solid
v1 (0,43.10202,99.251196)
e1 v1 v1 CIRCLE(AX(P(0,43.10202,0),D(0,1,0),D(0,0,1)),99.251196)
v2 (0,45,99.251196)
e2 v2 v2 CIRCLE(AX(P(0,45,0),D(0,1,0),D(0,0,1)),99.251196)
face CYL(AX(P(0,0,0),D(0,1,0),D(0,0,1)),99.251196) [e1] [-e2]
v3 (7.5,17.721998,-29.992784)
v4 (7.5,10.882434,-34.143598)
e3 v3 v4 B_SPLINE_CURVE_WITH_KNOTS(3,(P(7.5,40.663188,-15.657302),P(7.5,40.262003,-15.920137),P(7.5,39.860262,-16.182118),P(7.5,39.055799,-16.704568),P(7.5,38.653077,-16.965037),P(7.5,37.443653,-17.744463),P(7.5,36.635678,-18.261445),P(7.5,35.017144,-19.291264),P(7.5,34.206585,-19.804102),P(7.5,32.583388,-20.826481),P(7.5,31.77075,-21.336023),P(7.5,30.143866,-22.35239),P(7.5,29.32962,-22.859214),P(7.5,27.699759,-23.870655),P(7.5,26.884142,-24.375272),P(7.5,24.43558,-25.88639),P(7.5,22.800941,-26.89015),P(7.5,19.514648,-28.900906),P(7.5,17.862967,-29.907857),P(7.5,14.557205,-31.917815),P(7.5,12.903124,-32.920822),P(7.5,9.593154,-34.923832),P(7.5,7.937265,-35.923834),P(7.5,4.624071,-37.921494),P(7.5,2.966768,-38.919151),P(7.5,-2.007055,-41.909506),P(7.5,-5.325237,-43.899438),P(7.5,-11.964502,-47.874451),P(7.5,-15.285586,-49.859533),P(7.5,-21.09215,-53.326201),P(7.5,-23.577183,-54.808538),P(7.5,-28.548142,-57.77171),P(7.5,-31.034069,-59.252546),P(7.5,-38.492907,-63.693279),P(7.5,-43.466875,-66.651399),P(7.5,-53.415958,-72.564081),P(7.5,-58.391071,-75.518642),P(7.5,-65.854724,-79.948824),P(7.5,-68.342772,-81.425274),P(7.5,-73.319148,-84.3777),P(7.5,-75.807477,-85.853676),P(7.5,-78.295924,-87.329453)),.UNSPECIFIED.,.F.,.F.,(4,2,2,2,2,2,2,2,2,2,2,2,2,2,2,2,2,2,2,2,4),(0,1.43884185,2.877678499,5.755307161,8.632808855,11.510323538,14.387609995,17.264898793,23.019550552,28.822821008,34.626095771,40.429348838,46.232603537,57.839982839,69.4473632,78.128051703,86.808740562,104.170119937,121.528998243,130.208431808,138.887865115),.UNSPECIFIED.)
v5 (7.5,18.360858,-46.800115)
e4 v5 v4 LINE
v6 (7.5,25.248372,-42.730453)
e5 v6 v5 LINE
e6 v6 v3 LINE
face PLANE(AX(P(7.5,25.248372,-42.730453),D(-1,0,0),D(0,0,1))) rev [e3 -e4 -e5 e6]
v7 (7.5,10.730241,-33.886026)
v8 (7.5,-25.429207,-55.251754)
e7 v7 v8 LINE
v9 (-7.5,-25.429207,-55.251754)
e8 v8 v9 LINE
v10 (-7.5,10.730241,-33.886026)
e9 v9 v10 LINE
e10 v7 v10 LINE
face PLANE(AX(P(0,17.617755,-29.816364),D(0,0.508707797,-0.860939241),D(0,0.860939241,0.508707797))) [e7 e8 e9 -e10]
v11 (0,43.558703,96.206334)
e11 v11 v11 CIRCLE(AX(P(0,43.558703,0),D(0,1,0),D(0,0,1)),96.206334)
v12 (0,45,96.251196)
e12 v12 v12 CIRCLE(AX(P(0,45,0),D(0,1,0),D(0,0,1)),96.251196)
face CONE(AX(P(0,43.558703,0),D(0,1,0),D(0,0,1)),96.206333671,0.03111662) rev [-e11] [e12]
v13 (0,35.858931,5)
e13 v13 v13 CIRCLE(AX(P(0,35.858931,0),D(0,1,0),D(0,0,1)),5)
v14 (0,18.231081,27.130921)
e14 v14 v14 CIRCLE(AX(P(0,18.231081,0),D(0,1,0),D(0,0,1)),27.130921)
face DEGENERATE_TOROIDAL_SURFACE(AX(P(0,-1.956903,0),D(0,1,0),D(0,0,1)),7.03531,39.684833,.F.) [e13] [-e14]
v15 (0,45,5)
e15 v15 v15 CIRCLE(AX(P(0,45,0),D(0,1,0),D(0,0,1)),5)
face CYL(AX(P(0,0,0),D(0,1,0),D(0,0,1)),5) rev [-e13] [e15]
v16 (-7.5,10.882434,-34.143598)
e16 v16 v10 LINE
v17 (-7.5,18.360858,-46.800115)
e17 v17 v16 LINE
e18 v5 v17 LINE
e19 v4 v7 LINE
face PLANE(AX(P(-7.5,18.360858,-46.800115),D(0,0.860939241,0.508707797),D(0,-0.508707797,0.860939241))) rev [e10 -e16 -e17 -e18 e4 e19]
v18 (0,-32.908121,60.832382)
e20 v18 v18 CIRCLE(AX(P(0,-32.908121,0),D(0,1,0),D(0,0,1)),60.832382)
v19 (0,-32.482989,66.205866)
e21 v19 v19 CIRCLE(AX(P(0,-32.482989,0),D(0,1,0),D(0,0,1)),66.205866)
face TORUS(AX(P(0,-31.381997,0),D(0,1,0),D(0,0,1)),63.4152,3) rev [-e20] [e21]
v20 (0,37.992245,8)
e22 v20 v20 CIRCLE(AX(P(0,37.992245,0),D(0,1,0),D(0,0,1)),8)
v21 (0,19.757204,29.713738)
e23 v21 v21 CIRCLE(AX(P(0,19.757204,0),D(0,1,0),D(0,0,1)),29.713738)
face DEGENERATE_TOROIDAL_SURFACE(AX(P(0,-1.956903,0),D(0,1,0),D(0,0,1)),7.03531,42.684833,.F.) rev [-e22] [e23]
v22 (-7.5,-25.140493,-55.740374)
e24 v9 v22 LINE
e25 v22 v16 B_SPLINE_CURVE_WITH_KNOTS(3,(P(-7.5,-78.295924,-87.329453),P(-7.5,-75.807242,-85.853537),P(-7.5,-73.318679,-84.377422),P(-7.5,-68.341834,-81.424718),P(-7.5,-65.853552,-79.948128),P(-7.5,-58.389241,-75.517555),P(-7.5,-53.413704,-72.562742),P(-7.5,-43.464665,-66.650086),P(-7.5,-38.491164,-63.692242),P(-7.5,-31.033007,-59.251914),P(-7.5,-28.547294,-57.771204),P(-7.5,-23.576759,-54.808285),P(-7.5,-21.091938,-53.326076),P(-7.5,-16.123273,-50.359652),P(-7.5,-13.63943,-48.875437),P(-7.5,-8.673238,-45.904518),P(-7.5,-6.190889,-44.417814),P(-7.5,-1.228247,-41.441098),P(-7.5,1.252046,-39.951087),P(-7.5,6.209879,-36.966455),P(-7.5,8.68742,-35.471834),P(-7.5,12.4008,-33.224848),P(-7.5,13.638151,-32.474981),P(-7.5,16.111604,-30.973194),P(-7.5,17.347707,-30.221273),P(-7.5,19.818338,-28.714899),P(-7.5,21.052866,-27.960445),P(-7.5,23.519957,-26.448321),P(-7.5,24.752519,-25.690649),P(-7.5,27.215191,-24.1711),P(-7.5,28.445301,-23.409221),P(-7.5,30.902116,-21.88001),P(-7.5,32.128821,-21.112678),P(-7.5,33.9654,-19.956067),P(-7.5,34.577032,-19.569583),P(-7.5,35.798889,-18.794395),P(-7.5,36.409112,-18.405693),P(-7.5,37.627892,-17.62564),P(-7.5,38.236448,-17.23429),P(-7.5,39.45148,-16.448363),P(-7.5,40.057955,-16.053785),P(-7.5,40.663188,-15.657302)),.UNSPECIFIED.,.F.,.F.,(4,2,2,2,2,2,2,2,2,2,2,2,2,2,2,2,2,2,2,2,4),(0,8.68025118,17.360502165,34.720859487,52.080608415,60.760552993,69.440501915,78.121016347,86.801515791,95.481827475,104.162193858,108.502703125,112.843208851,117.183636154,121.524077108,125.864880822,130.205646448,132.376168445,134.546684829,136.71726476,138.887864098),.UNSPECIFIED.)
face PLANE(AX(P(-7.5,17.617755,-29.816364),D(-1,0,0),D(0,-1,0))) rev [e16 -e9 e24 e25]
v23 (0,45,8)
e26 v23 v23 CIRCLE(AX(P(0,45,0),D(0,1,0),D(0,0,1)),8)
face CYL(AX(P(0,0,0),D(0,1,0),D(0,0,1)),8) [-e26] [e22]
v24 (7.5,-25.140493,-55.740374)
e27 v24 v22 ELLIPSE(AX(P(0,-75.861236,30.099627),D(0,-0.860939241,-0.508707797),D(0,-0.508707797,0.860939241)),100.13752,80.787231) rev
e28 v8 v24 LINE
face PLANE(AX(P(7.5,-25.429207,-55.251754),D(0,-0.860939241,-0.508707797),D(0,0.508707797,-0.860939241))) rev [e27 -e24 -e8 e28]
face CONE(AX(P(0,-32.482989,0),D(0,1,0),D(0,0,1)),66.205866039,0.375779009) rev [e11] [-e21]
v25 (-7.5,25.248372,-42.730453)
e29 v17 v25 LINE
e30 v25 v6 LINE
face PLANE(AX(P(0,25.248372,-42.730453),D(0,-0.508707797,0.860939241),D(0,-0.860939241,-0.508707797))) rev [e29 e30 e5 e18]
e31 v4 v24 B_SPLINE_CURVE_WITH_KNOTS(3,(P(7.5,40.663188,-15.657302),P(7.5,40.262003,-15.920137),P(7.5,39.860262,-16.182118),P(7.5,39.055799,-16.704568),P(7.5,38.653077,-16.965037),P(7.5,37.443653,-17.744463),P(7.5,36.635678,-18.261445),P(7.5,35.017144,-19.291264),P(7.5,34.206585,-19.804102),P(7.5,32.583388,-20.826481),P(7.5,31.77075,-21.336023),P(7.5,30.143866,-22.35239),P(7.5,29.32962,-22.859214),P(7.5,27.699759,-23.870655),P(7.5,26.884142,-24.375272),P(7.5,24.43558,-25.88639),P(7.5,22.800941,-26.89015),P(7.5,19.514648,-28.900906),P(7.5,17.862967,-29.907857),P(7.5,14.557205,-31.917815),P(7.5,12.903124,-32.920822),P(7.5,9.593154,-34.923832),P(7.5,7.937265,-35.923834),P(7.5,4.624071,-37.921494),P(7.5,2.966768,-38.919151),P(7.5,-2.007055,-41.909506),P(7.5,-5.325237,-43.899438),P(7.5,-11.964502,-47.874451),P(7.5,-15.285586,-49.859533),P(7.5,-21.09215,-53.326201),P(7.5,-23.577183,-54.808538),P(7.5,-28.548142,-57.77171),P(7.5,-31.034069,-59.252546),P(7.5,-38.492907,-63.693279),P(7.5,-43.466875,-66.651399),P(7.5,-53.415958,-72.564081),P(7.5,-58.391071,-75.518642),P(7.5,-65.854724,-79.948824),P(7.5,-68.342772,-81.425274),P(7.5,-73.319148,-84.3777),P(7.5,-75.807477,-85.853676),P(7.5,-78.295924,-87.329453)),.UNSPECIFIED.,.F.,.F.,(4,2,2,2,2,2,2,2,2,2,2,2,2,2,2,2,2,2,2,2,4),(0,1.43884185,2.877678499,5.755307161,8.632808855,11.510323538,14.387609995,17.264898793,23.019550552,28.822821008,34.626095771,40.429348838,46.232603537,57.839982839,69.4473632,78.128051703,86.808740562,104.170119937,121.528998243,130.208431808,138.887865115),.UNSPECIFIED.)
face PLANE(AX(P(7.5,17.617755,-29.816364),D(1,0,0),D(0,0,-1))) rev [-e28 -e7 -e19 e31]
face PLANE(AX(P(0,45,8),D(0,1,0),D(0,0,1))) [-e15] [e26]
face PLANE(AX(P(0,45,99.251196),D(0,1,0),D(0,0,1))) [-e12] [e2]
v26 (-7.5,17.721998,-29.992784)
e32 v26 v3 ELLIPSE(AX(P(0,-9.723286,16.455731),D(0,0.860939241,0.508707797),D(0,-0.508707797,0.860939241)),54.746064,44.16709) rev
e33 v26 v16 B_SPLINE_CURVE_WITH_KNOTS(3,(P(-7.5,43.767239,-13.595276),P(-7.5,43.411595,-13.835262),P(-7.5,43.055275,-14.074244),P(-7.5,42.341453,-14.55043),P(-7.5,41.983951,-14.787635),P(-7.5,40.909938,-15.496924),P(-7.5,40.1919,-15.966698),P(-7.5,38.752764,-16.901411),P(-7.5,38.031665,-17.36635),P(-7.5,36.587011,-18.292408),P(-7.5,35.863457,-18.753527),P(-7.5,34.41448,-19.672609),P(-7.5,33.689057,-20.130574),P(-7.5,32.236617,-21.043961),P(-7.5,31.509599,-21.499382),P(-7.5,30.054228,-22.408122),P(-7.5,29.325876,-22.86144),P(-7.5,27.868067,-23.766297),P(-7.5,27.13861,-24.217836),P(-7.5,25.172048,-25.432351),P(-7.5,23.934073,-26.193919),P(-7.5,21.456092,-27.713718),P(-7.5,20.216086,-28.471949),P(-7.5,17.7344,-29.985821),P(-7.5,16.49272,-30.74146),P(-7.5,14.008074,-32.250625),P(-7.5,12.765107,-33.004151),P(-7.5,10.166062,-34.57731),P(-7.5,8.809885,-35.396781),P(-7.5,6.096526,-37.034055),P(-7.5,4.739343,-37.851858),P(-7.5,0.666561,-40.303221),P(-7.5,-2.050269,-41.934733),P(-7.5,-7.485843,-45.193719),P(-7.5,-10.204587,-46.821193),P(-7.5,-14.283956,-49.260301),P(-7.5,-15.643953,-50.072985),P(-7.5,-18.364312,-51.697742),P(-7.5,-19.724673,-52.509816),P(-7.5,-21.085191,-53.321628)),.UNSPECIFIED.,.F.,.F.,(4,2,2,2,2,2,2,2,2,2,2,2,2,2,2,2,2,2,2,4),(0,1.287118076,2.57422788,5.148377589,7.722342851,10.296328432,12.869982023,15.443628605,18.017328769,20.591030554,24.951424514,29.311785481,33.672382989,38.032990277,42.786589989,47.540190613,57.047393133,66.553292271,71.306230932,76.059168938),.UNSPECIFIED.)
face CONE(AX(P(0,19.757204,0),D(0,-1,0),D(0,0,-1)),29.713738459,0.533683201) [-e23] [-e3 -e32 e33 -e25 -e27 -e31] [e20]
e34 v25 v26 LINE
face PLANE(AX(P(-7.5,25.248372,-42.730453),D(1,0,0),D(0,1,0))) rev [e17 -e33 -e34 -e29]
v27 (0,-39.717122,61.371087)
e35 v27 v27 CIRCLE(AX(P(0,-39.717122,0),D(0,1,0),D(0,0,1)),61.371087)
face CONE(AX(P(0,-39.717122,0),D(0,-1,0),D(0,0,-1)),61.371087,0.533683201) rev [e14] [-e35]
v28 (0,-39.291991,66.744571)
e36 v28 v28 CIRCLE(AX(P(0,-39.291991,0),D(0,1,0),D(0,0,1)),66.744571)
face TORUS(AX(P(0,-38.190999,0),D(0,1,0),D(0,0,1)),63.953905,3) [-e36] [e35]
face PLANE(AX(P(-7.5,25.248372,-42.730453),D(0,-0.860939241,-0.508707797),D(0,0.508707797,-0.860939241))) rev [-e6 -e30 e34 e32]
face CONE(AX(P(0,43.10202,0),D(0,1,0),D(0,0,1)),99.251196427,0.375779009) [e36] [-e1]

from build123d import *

# Parameters (mm, degrees)
SKETCH2_W           = 15
SKETCH2_H           = 50
CUT_EXTRUDE1_DEPTH  = 1
SKETCH5_W           = 15
SKETCH5_H           = 8
BOSS_EXTRUDE1_DEPTH = 15


with BuildPart() as part:
    # Sketch1 → Revolve7 (revolve)
    with BuildSketch(Plane(origin=(0, 0, 0), x_dir=(0, 0, -1), z_dir=(1, 0, 0))):
        with BuildLine():
            Line((-61.371087, -39.717122139), (-27.130920736, 18.231080979))
            ThreePointArc((-27.130920736, 18.231080979), (-17.689796022, 29.084281592), (-5, 35.858931127))
            Line((-5, 35.858931127), (-5, 45))
            Line((-5, 45), (-8, 45))
            Line((-8, 45), (-8, 37.992245332))
            ThreePointArc((-8, 37.992245332), (-20.415266058, 30.730416935), (-29.713738459, 19.757204371))
            Line((-29.713738459, 19.757204371), (-60.832382285, -32.908120885))
            ThreePointArc((-60.832382285, -32.908120885), (-63.651810303, -34.372652199), (-66.205866039, -32.482989368))
            Line((-66.205866039, -32.482989368), (-96.206333671, 43.558703481))
            Line((-96.206333671, 43.558703481), (-96.251196427, 45))
            Line((-96.251196427, 45), (-99.251196427, 45))
            Line((-99.251196427, 45), (-99.251196427, 43.102019876))
            Line((-99.251196427, 43.102019876), (-66.744570754, -39.291990621))
            ThreePointArc((-66.744570754, -39.291990621), (-64.190515018, -41.181653452), (-61.371087, -39.717122139))
        make_face()
    revolve(axis=Axis((0, 0, 0), (0, -1, 0)))

    # Sketch2 → Cut-Extrude1 (cut)
    with BuildSketch(Plane(origin=(0, 18.126463109, -30.677303315), x_dir=(-1, 0, 0), z_dir=(0, 0.5087077972413765, -0.8609392411929117))):
        with Locations((0, -25)):
            Rectangle(SKETCH2_W, SKETCH2_H)
    extrude(amount=-CUT_EXTRUDE1_DEPTH, mode=Mode.SUBTRACT)

    # Sketch5 → Boss-Extrude1 (add)
    with BuildSketch(Plane(origin=(0, 17.617755312, -29.816364073), x_dir=(-1, 0, 0), z_dir=(0, 0.5087077972413765, -0.8609392411929117))):
        with Locations((0, -4)):
            Rectangle(SKETCH5_W, SKETCH5_H)
    extrude(amount=BOSS_EXTRUDE1_DEPTH)


solid = part.part
